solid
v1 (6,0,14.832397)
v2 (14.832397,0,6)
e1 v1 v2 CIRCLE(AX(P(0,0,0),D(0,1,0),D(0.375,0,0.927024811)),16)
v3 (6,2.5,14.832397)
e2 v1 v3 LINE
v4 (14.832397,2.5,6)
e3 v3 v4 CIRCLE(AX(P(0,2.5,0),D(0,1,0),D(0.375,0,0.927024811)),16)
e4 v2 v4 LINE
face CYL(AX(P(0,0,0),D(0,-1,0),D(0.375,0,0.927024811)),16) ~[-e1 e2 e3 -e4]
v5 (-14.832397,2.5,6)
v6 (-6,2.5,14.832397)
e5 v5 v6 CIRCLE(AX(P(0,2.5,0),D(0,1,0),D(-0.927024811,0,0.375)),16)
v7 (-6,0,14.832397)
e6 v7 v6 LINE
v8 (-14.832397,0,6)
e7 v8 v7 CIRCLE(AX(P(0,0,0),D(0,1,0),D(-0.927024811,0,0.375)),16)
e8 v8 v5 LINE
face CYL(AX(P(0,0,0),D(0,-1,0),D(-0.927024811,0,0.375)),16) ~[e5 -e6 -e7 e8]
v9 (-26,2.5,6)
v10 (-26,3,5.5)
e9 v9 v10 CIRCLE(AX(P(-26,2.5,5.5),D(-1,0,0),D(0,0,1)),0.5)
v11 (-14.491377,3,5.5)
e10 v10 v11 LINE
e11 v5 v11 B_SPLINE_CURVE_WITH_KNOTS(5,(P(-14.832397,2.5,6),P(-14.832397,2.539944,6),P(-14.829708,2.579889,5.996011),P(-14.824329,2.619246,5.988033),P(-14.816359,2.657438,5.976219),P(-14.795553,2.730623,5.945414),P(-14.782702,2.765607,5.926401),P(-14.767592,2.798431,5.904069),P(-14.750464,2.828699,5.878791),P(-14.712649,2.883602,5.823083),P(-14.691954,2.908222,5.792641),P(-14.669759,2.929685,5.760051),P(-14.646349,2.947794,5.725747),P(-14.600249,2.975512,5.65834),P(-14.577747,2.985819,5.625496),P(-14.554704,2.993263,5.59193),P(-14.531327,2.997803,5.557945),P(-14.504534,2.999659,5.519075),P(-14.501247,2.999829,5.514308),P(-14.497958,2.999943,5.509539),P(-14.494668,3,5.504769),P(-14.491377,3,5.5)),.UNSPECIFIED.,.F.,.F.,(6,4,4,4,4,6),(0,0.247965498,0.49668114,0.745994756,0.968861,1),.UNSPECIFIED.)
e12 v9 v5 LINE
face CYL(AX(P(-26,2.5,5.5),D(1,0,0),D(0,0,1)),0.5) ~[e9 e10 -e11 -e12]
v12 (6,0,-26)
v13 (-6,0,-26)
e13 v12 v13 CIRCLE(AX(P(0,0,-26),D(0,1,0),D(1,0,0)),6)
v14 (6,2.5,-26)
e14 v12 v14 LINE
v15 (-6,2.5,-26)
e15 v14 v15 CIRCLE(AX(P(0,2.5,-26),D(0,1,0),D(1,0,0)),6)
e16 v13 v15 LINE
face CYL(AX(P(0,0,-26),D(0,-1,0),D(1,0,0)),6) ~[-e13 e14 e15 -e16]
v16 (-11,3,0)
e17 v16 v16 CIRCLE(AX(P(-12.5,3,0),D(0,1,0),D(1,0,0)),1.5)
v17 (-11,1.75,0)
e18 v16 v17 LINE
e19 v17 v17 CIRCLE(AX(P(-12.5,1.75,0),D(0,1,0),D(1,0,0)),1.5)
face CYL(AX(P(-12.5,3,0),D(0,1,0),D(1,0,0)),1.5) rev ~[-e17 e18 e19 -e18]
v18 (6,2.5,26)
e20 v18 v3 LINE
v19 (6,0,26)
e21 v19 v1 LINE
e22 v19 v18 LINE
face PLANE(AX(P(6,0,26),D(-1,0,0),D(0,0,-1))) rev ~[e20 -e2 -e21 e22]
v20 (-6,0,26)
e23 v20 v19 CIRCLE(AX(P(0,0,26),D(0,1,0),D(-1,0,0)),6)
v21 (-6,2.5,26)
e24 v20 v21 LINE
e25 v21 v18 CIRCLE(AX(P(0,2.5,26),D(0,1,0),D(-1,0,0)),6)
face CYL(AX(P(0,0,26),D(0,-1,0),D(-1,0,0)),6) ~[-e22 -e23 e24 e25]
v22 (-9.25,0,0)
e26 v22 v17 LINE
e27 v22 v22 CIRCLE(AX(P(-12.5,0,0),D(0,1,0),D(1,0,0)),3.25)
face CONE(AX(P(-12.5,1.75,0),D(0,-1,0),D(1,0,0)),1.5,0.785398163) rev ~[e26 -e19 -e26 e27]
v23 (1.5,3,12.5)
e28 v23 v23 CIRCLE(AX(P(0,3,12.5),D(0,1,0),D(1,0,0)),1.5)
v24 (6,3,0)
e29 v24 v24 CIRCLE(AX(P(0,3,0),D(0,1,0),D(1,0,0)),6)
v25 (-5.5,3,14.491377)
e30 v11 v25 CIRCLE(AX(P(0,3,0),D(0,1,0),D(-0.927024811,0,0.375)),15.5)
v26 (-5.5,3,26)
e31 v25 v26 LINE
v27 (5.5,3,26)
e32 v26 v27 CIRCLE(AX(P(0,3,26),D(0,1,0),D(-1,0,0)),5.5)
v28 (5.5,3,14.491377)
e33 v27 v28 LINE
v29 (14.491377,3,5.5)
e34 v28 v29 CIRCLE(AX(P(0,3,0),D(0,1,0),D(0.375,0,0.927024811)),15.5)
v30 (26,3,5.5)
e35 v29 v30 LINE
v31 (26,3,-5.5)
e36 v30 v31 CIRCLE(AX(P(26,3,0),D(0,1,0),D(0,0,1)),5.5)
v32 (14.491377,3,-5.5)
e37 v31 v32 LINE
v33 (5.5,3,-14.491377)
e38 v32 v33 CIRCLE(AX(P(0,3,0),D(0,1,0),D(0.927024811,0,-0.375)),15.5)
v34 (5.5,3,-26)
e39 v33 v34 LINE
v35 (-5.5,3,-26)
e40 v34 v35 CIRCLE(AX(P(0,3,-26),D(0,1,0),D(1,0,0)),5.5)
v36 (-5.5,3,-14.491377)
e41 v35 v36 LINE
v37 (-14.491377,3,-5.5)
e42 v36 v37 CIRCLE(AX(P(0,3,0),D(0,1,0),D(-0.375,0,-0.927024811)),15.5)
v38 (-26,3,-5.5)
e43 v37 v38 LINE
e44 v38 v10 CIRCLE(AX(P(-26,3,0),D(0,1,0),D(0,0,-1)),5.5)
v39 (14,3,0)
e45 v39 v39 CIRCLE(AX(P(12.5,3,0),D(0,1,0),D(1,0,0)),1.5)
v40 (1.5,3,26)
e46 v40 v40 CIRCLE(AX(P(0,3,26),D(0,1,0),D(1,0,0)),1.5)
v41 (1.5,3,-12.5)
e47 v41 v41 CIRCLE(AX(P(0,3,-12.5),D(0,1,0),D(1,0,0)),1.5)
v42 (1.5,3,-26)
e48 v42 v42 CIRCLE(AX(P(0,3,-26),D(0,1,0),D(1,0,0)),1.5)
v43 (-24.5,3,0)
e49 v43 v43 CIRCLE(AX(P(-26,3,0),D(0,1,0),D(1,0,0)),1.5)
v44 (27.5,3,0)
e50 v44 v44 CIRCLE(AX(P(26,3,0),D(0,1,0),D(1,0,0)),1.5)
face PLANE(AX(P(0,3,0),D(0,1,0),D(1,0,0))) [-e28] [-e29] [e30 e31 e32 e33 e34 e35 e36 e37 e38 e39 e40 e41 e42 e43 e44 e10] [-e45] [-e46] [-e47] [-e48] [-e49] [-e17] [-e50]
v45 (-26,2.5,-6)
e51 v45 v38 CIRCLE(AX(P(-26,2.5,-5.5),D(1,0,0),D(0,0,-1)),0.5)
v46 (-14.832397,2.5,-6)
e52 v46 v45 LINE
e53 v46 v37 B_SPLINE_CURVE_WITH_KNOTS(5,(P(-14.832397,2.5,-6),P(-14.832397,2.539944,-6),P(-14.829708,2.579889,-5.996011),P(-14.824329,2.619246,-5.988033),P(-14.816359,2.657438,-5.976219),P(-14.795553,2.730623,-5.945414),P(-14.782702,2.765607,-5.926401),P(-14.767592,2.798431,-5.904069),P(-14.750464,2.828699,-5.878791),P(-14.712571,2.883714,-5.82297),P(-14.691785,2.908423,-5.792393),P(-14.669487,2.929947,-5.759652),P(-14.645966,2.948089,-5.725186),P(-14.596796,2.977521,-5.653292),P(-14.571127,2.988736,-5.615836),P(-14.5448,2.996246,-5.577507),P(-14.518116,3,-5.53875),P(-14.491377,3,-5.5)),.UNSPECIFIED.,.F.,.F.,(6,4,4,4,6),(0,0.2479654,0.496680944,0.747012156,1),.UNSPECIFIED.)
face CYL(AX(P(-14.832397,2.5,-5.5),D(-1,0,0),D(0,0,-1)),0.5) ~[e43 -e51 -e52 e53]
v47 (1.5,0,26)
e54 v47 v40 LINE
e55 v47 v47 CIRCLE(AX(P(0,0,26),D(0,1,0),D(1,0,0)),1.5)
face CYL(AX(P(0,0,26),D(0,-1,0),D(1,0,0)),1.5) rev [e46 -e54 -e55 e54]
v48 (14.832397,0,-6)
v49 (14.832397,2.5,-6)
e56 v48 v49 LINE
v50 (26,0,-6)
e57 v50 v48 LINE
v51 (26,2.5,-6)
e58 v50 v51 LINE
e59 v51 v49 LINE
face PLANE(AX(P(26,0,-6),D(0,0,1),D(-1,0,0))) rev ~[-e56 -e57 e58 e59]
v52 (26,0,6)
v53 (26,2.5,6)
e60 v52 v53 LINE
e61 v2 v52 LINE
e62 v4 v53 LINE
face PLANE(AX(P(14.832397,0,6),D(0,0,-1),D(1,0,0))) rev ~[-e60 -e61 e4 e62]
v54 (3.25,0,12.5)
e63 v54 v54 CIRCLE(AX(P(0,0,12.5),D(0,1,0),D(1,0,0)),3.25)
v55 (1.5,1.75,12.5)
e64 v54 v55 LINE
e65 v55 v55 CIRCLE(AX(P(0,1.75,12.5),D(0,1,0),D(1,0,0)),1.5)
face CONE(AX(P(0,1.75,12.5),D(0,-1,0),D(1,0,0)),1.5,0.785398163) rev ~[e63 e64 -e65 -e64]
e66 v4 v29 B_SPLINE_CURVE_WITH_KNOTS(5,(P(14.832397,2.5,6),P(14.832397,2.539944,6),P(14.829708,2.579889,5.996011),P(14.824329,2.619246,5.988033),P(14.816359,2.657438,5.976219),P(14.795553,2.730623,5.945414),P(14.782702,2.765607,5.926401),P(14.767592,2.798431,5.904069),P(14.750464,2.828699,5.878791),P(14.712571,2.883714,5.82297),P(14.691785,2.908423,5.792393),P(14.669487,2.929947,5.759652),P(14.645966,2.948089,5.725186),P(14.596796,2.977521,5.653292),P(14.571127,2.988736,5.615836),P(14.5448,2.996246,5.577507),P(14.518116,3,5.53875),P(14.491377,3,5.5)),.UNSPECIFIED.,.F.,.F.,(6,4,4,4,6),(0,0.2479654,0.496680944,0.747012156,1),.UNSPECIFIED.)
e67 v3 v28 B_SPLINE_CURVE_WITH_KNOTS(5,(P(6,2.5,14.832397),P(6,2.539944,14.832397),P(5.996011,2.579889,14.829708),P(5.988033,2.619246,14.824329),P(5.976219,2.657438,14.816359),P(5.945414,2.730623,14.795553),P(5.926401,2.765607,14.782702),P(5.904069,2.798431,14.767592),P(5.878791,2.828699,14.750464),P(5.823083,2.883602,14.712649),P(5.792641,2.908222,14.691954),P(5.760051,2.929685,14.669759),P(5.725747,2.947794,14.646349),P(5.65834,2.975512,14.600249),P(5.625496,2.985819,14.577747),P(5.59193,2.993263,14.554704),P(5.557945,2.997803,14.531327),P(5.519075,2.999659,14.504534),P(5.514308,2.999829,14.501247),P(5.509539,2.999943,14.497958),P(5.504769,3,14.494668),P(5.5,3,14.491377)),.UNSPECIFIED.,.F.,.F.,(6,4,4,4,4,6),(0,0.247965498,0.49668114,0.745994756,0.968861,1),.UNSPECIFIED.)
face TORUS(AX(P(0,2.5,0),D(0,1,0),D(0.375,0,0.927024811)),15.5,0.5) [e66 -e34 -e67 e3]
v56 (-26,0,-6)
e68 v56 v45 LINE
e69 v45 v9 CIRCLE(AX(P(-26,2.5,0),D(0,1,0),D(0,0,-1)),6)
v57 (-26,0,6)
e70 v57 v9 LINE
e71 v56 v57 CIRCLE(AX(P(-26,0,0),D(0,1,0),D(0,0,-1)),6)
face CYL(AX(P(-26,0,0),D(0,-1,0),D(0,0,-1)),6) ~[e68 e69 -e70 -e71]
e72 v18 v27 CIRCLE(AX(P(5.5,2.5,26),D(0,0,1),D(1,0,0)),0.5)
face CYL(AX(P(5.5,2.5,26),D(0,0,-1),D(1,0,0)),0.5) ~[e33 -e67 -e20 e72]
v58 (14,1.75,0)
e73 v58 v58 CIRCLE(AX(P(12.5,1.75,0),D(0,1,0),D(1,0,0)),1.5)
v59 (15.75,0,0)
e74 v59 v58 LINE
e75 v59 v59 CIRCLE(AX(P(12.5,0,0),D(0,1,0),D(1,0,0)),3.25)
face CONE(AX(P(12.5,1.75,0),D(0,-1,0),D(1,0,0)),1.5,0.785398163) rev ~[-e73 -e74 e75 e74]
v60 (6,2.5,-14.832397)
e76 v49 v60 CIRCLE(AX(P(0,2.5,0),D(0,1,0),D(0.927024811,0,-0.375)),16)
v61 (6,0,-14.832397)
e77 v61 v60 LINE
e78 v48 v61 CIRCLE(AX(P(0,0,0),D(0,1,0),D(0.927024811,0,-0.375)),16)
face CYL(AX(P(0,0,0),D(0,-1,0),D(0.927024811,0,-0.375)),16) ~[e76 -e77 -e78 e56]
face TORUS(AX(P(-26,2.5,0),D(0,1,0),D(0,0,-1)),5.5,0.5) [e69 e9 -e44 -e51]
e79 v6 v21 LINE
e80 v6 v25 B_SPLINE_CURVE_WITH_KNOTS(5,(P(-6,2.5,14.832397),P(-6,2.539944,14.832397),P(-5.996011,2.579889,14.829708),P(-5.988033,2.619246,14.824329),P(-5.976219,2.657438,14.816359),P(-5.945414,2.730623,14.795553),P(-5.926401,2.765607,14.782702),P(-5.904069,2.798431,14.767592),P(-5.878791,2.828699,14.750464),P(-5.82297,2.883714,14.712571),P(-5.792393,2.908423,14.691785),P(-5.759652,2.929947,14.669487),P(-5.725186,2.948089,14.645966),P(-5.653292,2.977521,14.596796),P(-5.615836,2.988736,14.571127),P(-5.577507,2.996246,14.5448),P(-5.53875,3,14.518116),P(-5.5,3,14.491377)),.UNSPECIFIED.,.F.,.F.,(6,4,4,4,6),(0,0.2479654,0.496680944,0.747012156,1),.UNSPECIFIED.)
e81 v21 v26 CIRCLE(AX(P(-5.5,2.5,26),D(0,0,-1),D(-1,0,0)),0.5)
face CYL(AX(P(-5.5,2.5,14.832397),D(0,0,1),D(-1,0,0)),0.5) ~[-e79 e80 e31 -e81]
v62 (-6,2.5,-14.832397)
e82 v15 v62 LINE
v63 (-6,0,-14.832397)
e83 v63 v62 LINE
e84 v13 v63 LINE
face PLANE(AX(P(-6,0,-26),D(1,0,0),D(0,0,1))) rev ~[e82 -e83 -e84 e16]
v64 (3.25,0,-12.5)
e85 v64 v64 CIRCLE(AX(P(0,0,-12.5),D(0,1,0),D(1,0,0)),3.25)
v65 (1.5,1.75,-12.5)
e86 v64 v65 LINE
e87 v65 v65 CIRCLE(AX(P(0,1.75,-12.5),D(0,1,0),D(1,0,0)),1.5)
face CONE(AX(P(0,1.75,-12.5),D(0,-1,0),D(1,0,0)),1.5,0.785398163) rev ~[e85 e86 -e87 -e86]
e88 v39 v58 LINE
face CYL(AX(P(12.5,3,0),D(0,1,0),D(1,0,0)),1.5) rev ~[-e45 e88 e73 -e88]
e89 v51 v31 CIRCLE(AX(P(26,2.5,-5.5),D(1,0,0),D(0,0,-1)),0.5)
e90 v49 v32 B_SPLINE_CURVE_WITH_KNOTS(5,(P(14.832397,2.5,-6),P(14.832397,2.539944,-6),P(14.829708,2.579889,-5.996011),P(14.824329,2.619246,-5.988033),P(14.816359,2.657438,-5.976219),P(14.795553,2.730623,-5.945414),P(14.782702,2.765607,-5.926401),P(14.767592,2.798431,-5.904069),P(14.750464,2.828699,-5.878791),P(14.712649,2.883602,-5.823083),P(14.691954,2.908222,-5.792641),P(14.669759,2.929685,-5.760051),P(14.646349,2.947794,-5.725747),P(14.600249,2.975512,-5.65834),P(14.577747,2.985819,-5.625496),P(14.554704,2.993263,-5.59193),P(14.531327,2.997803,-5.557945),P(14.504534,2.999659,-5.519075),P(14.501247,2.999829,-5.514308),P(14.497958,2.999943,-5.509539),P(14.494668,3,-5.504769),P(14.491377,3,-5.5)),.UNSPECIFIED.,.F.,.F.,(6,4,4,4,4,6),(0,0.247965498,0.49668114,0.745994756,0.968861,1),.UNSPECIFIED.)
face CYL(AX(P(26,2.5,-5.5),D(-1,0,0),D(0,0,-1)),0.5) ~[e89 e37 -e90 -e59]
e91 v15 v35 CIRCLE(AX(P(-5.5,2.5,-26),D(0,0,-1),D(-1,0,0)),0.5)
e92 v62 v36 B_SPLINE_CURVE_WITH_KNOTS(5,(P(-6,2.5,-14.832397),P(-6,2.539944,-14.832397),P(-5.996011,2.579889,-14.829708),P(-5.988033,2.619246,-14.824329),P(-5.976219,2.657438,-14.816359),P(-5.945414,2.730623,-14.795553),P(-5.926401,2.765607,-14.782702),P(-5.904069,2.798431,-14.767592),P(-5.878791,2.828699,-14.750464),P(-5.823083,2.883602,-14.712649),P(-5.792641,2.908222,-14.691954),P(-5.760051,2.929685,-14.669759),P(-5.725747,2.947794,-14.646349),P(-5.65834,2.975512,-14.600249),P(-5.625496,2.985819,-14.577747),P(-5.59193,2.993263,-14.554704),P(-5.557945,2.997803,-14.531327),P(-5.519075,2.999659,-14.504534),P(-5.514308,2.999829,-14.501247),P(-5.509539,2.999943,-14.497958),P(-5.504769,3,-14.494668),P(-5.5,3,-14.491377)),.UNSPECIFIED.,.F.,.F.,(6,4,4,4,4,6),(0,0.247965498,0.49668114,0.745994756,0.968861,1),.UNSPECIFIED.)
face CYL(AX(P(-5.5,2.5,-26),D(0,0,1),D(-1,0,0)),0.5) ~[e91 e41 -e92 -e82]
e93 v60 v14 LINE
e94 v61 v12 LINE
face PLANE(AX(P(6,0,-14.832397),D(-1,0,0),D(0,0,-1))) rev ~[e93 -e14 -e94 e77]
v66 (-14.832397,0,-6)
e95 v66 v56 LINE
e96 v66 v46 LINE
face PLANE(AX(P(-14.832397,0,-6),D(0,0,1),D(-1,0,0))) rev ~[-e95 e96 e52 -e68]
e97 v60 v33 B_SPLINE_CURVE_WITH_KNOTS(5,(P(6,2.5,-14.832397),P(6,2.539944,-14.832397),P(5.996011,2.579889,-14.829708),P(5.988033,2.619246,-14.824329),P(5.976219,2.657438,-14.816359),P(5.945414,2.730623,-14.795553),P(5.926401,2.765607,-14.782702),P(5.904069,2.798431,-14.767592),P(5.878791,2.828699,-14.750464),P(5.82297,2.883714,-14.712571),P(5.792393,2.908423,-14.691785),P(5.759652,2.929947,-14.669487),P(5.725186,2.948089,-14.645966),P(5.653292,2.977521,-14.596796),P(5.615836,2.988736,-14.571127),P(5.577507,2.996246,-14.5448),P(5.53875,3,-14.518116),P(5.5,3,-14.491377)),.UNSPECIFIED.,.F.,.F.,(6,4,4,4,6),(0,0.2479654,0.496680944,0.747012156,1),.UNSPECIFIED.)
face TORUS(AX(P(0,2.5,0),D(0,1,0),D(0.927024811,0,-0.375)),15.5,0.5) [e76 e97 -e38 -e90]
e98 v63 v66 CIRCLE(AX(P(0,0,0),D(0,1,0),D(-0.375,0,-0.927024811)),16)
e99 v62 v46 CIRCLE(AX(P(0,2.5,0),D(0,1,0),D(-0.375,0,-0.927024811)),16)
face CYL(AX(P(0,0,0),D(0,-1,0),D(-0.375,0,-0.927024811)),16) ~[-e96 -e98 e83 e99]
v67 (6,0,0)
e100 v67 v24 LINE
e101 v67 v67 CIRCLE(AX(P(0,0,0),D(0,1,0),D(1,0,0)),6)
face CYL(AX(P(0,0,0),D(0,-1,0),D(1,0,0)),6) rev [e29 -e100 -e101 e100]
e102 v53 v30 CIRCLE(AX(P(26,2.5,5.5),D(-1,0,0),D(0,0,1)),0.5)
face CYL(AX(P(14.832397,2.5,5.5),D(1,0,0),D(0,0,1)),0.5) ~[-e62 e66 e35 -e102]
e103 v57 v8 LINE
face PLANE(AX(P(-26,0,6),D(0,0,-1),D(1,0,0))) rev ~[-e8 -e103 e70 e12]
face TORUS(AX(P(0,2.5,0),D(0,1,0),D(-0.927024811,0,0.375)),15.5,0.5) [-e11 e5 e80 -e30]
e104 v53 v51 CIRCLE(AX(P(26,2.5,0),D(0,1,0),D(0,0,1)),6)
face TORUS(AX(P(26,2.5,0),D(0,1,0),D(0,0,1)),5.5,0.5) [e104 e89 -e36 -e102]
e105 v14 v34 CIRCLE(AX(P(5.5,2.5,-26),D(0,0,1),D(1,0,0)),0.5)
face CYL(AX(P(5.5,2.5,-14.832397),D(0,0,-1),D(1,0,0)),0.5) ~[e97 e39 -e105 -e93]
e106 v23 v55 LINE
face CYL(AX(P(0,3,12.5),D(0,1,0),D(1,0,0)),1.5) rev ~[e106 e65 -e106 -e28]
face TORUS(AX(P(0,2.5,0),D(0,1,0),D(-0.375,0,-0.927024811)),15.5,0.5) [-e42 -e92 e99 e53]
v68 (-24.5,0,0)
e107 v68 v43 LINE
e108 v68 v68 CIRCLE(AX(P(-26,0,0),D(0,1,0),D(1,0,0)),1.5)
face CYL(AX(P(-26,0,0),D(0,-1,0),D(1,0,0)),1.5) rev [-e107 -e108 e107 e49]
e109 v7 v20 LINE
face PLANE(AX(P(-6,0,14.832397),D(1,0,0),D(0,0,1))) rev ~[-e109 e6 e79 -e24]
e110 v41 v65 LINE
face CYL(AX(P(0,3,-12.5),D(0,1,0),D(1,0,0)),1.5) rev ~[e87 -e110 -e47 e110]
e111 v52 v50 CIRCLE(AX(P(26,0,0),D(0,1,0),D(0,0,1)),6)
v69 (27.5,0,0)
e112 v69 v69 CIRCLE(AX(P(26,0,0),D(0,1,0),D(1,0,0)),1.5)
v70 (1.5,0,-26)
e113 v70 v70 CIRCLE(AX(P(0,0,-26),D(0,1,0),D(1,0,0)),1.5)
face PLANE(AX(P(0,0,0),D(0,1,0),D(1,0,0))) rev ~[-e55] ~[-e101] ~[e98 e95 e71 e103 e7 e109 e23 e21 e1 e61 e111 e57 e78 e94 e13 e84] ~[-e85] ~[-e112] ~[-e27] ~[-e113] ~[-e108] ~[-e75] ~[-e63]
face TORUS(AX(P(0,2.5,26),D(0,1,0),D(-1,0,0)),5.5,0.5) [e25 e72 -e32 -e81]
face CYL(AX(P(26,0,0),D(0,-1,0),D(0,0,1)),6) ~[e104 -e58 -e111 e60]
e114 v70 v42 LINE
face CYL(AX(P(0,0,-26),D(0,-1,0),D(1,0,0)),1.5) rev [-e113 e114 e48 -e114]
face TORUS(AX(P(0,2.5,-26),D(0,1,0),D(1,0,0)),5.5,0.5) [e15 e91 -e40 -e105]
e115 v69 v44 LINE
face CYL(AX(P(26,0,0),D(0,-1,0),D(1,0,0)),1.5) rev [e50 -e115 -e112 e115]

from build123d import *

# Parameters (mm, degrees)
SKETCH1_R           = 6
SKETCH1_R_2         = 1.5
BOSS_EXTRUDE1_DEPTH = 3
FILLET1_R           = 0.5
SKETCH2_R           = 1.5
CUT_EXTRUDE1_DEPTH  = 4
CHAMFER1_SIZE       = 1.75


with BuildPart() as part:
    # Sketch1 → Boss-Extrude1 (new body)
    with BuildSketch(Plane(origin=(0, 0, 0), x_dir=(1, 0, 0), z_dir=(0, 1, 0))):
        with BuildLine():
            Line((26, 6), (14.832396974, 6))
            ThreePointArc((14.832396974, 6), (11.313708499, 11.313708499), (6, 14.832396974))
            Line((6, 14.832396974), (6, 26))
            ThreePointArc((6, 26), (0, 32), (-6, 26))
            Line((-6, 26), (-6, 14.832396974))
            ThreePointArc((-6, 14.832396974), (-11.313708499, 11.313708499), (-14.832396974, 6))
            Line((-14.832396974, 6), (-26, 6))
            ThreePointArc((-26, 6), (-32, 0), (-26, -6))
            Line((-26, -6), (-14.832396974, -6))
            ThreePointArc((-14.832396974, -6), (-11.313708499, -11.313708499), (-6, -14.832396974))
            Line((-6, -14.832396974), (-6, -26))
            ThreePointArc((-6, -26), (0, -32), (6, -26))
            Line((6, -26), (6, -14.832396974))
            ThreePointArc((6, -14.832396974), (11.313708499, -11.313708499), (14.832396974, -6))
            Line((14.832396974, -6), (26, -6))
            ThreePointArc((26, -6), (32, 0), (26, 6))
        make_face()
        Circle(SKETCH1_R, mode=Mode.SUBTRACT)
        with Locations((0, 26)):
            Circle(SKETCH1_R_2, mode=Mode.SUBTRACT)
        with Locations((26, 0)):
            Circle(SKETCH1_R_2, mode=Mode.SUBTRACT)
        with Locations((0, -26)):
            Circle(SKETCH1_R_2, mode=Mode.SUBTRACT)
        with Locations((-26, 0)):
            Circle(SKETCH1_R_2, mode=Mode.SUBTRACT)
    extrude(amount=BOSS_EXTRUDE1_DEPTH)

    # Fillet1
    fillet1_edges = [part.edges().sort_by_distance(p)[0] for p in [
        (-11.313708499, 3, -11.313708499),
        (-20.416198487, 3, -6),
        (-32, 3, 0),
        (-20.416198487, 3, 6),
        (-11.313708499, 3, 11.313708499),
        (-6, 3, 20.416198487),
        (0, 3, 32),
        (6, 3, 20.416198487),
        (11.313708499, 3, 11.313708499),
        (20.416198487, 3, 6),
        (0, 3, -32),
        (32, 3, 0),
        (20.416198487, 3, -6),
        (11.313708499, 3, -11.313708499),
        (6, 3, -20.416198487),
        (-6, 3, -20.416198487),
    ]]
    fillet(fillet1_edges, radius=FILLET1_R)

    # Sketch2 → Cut-Extrude1 (cut, through all)
    with BuildSketch(Plane(origin=(0, 3, 0), x_dir=(1, 0, 0), z_dir=(0, 1, 0))):
        with Locations((0, 12.5)):
            Circle(SKETCH2_R)
        with Locations((12.5, 0)):
            Circle(SKETCH2_R)
        with Locations((0, -12.5)):
            Circle(SKETCH2_R)
        with Locations((-12.5, 0)):
            Circle(SKETCH2_R)
    extrude(amount=-CUT_EXTRUDE1_DEPTH, mode=Mode.SUBTRACT)

    # Chamfer1
    chamfer1_edges = [part.edges().sort_by_distance(p)[0] for p in [
        (-1.5, 0, -12.5),
        (11, 0, 0),
        (-1.5, 0, 12.5),
        (-14, 0, 0),
    ]]
    chamfer(chamfer1_edges, length=CHAMFER1_SIZE)


solid = part.part
